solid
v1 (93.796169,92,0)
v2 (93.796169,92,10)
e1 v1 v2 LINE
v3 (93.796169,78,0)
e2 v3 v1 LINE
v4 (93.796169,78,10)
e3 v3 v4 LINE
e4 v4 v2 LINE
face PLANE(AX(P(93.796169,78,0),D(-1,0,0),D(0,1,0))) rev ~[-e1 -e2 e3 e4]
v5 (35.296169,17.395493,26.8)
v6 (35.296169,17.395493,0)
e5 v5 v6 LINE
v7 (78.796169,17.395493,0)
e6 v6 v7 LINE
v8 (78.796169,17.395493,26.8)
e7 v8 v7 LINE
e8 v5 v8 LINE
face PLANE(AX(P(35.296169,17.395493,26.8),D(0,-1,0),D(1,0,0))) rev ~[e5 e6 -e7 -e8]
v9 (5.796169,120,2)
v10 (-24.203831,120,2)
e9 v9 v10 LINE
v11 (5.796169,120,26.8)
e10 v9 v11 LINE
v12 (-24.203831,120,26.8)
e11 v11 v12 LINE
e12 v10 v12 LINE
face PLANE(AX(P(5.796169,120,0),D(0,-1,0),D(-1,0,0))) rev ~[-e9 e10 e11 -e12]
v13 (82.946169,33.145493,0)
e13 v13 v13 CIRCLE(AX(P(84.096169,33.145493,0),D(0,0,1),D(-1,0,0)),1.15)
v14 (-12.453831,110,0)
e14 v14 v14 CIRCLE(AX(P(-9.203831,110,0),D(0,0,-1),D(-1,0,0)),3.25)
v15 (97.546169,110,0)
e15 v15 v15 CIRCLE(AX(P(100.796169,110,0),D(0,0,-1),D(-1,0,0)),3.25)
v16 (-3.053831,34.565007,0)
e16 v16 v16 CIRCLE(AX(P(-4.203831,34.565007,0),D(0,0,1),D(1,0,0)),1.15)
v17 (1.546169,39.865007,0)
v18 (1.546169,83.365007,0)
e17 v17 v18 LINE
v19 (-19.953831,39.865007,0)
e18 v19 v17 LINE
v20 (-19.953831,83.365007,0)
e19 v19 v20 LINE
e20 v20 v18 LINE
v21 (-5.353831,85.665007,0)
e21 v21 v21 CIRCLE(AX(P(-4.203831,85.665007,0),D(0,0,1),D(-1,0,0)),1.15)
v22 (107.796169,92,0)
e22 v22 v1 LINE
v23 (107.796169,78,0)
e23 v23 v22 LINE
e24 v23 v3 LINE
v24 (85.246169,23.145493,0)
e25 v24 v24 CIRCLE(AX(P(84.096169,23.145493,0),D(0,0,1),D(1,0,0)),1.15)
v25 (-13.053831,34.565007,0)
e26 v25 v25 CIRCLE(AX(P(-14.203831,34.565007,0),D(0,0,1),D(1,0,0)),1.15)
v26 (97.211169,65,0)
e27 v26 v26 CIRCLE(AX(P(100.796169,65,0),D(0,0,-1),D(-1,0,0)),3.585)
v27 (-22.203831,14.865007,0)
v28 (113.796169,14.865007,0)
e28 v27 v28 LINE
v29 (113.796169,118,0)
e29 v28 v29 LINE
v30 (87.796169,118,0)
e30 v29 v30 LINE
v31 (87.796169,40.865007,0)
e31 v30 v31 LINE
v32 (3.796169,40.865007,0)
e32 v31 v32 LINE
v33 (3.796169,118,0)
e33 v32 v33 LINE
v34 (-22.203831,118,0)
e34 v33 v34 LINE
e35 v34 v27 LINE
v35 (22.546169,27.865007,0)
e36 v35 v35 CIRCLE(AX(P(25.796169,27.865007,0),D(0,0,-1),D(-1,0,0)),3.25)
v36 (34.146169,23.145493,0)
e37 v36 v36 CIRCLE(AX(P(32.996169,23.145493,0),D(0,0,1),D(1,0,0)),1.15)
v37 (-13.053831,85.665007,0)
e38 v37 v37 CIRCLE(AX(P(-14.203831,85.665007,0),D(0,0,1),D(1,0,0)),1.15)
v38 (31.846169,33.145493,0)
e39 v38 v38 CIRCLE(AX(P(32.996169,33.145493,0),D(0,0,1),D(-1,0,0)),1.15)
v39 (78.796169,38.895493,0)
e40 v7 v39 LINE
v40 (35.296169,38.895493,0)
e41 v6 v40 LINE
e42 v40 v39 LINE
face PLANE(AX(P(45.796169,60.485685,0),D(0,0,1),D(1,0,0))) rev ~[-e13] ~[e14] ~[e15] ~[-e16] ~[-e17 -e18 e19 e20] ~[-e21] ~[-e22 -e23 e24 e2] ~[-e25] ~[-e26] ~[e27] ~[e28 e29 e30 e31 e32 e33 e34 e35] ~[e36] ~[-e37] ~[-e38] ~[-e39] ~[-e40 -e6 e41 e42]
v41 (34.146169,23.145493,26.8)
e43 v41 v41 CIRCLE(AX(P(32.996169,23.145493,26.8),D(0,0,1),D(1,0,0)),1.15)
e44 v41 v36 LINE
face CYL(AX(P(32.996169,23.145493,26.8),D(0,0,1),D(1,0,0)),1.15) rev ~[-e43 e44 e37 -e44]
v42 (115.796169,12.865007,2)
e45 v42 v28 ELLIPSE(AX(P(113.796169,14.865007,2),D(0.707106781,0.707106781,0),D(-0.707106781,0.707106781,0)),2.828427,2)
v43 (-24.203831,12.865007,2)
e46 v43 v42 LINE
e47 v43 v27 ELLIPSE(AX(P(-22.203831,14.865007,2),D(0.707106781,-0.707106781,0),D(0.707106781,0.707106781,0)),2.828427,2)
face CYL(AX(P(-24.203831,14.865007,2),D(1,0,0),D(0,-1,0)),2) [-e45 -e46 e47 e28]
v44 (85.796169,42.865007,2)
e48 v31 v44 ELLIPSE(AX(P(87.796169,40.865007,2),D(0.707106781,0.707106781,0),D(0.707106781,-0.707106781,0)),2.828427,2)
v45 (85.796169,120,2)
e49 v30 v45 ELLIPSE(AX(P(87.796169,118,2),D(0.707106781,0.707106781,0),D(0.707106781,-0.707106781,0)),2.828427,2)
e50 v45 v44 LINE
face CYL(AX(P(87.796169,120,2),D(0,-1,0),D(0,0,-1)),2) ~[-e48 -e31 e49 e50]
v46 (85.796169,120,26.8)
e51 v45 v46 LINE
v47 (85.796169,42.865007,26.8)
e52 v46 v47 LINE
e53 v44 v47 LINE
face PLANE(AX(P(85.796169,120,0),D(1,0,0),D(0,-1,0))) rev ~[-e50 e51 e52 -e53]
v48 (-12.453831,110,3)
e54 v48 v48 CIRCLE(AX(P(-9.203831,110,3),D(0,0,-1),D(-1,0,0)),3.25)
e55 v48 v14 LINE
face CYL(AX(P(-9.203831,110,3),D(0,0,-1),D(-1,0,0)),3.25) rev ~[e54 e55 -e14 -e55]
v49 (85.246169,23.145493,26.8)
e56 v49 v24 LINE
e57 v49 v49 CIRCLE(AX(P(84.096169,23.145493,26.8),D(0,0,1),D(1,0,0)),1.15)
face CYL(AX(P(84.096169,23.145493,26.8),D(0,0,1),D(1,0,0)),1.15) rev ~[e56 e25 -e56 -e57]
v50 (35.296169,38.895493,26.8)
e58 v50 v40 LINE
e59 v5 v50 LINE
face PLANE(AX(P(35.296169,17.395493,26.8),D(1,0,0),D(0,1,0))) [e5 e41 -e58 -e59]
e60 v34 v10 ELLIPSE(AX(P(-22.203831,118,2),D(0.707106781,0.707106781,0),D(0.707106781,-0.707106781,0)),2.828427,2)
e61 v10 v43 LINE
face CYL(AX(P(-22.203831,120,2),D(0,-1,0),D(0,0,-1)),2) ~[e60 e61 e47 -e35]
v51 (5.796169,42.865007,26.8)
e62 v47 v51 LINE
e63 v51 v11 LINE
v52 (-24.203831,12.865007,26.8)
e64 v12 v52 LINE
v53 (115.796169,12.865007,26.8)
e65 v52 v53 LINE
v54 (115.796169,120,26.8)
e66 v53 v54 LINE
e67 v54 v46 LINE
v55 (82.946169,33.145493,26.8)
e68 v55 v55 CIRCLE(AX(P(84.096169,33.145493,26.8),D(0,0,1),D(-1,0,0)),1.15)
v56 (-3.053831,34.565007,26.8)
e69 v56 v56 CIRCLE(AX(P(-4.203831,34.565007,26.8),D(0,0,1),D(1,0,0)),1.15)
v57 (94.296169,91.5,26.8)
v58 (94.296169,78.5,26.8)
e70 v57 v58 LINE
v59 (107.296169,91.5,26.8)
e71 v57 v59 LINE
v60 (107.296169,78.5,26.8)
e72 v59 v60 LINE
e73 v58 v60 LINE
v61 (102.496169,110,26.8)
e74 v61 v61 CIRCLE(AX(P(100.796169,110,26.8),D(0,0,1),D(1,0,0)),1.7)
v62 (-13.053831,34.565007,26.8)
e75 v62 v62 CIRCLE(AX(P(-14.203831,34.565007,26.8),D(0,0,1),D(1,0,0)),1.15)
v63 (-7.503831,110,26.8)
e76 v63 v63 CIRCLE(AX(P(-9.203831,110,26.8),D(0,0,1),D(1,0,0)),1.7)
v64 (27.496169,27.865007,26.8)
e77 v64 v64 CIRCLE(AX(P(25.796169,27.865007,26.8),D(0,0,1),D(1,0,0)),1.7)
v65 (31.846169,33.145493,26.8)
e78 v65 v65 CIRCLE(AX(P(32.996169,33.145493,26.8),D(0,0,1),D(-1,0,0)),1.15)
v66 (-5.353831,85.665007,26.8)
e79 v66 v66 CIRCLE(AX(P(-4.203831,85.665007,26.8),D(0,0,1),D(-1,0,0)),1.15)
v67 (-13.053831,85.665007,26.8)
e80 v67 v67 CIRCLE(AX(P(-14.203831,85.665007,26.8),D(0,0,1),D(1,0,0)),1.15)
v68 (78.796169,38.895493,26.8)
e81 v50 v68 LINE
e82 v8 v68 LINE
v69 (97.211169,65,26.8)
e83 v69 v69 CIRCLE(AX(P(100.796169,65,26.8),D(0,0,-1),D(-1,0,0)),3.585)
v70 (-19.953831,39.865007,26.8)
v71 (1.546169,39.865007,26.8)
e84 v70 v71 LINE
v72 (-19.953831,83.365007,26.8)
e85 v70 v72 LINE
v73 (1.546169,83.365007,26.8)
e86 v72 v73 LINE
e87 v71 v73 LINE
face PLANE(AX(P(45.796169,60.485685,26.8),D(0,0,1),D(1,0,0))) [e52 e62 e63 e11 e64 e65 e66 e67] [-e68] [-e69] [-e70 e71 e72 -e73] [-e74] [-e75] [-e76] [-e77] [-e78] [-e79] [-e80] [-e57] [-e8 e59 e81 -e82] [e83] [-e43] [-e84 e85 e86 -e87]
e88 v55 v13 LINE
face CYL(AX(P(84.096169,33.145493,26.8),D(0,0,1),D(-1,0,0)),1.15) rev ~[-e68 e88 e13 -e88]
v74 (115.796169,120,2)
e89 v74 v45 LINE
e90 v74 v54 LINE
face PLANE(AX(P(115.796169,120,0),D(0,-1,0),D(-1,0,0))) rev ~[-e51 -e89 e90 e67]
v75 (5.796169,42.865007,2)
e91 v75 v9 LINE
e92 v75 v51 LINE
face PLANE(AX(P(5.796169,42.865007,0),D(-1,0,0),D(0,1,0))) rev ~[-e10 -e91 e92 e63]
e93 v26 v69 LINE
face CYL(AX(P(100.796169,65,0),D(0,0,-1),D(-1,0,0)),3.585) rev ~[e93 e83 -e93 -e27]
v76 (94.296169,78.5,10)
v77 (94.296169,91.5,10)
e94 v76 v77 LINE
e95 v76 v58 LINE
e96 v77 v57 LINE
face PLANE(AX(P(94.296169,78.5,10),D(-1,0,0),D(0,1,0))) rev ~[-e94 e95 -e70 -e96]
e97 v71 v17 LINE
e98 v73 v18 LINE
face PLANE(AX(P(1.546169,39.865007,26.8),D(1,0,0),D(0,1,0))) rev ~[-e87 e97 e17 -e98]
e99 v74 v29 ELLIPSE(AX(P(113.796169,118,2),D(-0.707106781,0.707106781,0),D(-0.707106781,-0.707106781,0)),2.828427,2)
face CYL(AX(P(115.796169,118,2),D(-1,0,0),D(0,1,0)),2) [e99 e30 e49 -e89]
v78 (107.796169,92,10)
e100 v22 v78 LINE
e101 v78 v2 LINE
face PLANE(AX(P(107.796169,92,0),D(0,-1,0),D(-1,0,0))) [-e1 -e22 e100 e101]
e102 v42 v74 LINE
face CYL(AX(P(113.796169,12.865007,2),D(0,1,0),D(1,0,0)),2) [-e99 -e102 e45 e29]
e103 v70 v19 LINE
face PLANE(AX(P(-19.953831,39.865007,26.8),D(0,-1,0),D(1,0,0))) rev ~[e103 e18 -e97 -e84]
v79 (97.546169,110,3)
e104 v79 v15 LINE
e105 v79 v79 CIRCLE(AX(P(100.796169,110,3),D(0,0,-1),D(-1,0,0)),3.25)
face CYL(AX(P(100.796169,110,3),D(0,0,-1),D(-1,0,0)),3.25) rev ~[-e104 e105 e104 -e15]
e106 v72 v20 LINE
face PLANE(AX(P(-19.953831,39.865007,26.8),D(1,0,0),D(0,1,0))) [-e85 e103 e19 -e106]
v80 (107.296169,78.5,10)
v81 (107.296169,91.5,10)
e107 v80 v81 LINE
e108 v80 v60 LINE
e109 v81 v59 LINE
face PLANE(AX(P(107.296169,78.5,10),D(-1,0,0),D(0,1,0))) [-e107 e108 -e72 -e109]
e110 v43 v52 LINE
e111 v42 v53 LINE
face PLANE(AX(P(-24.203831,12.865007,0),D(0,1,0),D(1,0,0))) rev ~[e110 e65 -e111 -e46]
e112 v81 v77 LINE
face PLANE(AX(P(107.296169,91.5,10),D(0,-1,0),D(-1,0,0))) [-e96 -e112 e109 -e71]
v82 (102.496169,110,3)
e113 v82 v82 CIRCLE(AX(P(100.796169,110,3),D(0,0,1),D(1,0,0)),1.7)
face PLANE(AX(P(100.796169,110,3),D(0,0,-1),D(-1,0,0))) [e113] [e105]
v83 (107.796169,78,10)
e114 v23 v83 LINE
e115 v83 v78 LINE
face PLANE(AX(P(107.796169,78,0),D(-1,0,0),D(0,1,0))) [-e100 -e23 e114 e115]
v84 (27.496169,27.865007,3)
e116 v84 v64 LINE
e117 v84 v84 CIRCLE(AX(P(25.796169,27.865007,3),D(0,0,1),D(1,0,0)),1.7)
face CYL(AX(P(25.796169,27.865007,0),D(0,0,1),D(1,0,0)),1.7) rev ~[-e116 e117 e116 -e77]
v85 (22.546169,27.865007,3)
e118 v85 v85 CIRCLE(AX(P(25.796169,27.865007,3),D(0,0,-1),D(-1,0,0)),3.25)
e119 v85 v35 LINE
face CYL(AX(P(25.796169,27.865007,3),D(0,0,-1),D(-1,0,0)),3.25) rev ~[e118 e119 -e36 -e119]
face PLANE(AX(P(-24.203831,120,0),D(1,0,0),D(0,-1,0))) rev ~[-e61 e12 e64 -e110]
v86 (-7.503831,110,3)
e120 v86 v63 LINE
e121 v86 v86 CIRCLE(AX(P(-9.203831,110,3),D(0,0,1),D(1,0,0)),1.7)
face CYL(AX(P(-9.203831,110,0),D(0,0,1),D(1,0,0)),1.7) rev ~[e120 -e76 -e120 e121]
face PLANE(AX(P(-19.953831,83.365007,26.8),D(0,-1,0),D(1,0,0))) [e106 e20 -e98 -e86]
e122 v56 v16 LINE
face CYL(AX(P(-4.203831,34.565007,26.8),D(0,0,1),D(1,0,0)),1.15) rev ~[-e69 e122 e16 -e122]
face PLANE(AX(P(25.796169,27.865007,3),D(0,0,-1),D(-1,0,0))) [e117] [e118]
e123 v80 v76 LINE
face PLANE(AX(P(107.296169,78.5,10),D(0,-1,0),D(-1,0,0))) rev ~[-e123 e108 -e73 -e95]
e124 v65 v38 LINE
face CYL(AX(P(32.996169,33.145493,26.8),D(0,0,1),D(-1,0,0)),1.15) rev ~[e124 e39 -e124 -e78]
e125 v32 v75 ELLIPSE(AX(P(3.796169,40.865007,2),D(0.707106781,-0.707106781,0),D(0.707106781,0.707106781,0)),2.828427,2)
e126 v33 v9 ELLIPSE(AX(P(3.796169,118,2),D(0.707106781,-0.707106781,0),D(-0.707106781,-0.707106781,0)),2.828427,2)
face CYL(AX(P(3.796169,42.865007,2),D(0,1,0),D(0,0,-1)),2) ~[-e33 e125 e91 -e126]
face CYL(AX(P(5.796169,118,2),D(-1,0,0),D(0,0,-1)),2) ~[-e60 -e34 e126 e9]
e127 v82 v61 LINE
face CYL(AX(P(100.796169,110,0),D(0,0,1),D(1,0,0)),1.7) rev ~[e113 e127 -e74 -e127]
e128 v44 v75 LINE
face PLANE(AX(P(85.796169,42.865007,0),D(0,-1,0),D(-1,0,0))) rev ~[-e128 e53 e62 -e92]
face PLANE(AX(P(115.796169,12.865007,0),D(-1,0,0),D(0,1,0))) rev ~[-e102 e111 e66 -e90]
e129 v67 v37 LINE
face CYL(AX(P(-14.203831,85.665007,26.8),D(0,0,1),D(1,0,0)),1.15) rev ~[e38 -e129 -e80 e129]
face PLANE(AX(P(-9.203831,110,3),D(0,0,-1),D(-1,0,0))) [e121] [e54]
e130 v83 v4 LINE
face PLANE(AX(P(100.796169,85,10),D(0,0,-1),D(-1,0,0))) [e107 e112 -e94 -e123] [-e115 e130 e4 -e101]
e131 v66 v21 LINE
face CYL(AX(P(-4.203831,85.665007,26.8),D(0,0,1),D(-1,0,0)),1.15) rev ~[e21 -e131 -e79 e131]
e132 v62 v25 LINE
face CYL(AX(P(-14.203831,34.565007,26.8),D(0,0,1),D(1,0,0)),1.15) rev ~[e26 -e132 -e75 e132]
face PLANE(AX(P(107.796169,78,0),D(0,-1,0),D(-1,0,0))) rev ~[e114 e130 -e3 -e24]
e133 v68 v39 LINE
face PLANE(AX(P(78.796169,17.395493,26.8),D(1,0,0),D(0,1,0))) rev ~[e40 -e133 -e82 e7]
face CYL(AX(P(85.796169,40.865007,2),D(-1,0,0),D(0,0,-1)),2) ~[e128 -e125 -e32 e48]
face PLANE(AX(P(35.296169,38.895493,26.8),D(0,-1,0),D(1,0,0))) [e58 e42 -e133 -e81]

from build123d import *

# Parameters (mm, degrees)
BOSS_EXTRUDE1_DEPTH            = 26.8
SKETCH2_W                      = 21.5
SKETCH2_H                      = 43.5
SKETCH2_W_2                    = 43.5
SKETCH2_H_2                    = 21.5
CUT_EXTRUDE1_DEPTH             = 169.899357105
SKETCH3_R                      = 1.15
BOSS_EXTRUDE2_DEPTH            = 26.8
SKETCH3_2_R                    = 1.15
CUT_EXTRUDE2_DEPTH             = 169.899357105
SKETCH4_R                      = 1.15
CUT_EXTRUDE3_DEPTH             = 169.899357105
FILLET2_R                      = 2
CBORE_FOR_M3_SHCS1_D           = 3.4
CBORE_FOR_M3_SHCS1_CBORE_D     = 6.5
CBORE_FOR_M3_SHCS1_CBORE_DEPTH = 3
SKETCH12_W                     = 14
SKETCH12_H                     = 14
CUT_EXTRUDE5_DEPTH             = 10
SKETCH13_W                     = 13
SKETCH13_H                     = 13
CUT_EXTRUDE6_DEPTH             = 168.603677855
SKETCH14_R                     = 3.585
CUT_EXTRUDE7_DEPTH             = 169.899357105


with BuildPart() as part:
    # Sketch1 → Boss-Extrude1 (new body)
    with BuildSketch(Plane.XY):
        Polygon((85.79616933, 12.865007186), (115.79616933, 12.865007186), (115.79616933, 119.999999996), (85.79616933, 119.999999996), (85.79616933, 42.865007186), (5.79616933, 42.865007186), (5.79616933, 119.999999996), (-24.20383067, 119.999999996), (-24.20383067, 12.865007186), (5.79616933, 12.865007186), align=None)
    extrude(amount=BOSS_EXTRUDE1_DEPTH)

    # Sketch2 → Cut-Extrude1 (cut, through all)
    with BuildSketch(Plane.XY.offset(26.8)):
        with Locations((-9.20383067, 61.615007186)):
            Rectangle(SKETCH2_W, SKETCH2_H)
        with Locations((57.04616933, 28.145492547)):
            Rectangle(SKETCH2_W_2, SKETCH2_H_2)
    extrude(amount=-CUT_EXTRUDE1_DEPTH, mode=Mode.SUBTRACT)

    # Sketch3 → Boss-Extrude2 (add, through all)
    with BuildSketch(Plane.XY.offset(26.8)):
        with Locations((-14.20383067, 34.565007186)):
            Circle(SKETCH3_R)
        with Locations((-4.20383067, 34.565007186)):
            Circle(SKETCH3_R)
        with Locations((-14.20383067, 85.665007186)):
            Circle(SKETCH3_R)
        with Locations((-4.20383067, 85.665007186)):
            Circle(SKETCH3_R)
    extrude(amount=-BOSS_EXTRUDE2_DEPTH)

    # Sketch3<2> → Cut-Extrude2 (cut, through all)
    with BuildSketch(Plane.XY.offset(26.8)):
        with Locations((-14.20383067, 34.565007186)):
            Circle(SKETCH3_2_R)
        with Locations((-4.20383067, 34.565007186)):
            Circle(SKETCH3_2_R)
        with Locations((-14.20383067, 85.665007186)):
            Circle(SKETCH3_2_R)
        with Locations(Location((-4.20383067, 85.665007186, 0), (0, 0, 180))):
            Circle(SKETCH3_2_R)
    extrude(amount=-CUT_EXTRUDE2_DEPTH, mode=Mode.SUBTRACT)

    # Sketch4 → Cut-Extrude3 (cut, through all)
    with BuildSketch(Plane.XY.offset(26.8)):
        with Locations((84.09616933, 23.145492547)):
            Circle(SKETCH4_R)
        with Locations(Location((84.09616933, 33.145492547, 0), (0, 0, 180))):
            Circle(SKETCH4_R)
        with Locations((32.99616933, 23.145492547)):
            Circle(SKETCH4_R)
        with Locations(Location((32.99616933, 33.145492547, 0), (0, 0, 180))):
            Circle(SKETCH4_R)
    extrude(amount=-CUT_EXTRUDE3_DEPTH, mode=Mode.SUBTRACT)

    # Fillet2
    fillet2_edges = [part.edges().sort_by_distance(p)[0] for p in [
        (85.79616933, 81.432503591, 0),
        (100.79616933, 119.999999996, 0),
        (115.79616933, 66.432503591, 0),
        (45.79616933, 12.865007186, 0),
        (-24.20383067, 66.432503591, 0),
        (-9.20383067, 119.999999996, 0),
        (5.79616933, 81.432503591, 0),
        (45.79616933, 42.865007186, 0),
    ]]
    fillet(fillet2_edges, radius=FILLET2_R)

    # CBORE for M3 SHCS1 (through all)
    with Locations(Plane(origin=(0, 0, 0), x_dir=(-1, 0, 0), z_dir=(0, 0, -1))):
        with Locations((-25.79616933, 27.865007186), (9.20383067, 109.999999996), (-100.79616933, 109.999999996)):
            CounterBoreHole(CBORE_FOR_M3_SHCS1_D / 2, CBORE_FOR_M3_SHCS1_CBORE_D / 2, CBORE_FOR_M3_SHCS1_CBORE_DEPTH)

    # Sketch12 → Cut-Extrude5 (cut)
    with BuildSketch(Plane(origin=(0, 0, 0), x_dir=(-1, 0, 0), z_dir=(0, 0, -1))):
        with Locations((-100.79616933, 84.999999996)):
            Rectangle(SKETCH12_W, SKETCH12_H)
    extrude(amount=-CUT_EXTRUDE5_DEPTH, mode=Mode.SUBTRACT)

    # Sketch13 → Cut-Extrude6 (cut, through all)
    with BuildSketch(Plane(origin=(0, 0, 10), x_dir=(-1, 0, 0), z_dir=(0, 0, -1))):
        with Locations((-100.79616933, 84.999999996)):
            Rectangle(SKETCH13_W, SKETCH13_H)
    extrude(amount=-CUT_EXTRUDE6_DEPTH, mode=Mode.SUBTRACT)

    # Sketch14 → Cut-Extrude7 (cut, through all)
    with BuildSketch(Plane(origin=(0, 0, 0), x_dir=(-1, 0, 0), z_dir=(0, 0, -1))):
        with Locations((-100.79616933, 64.999999996)):
            Circle(SKETCH14_R)
    extrude(amount=-CUT_EXTRUDE7_DEPTH, mode=Mode.SUBTRACT)


solid = part.part
